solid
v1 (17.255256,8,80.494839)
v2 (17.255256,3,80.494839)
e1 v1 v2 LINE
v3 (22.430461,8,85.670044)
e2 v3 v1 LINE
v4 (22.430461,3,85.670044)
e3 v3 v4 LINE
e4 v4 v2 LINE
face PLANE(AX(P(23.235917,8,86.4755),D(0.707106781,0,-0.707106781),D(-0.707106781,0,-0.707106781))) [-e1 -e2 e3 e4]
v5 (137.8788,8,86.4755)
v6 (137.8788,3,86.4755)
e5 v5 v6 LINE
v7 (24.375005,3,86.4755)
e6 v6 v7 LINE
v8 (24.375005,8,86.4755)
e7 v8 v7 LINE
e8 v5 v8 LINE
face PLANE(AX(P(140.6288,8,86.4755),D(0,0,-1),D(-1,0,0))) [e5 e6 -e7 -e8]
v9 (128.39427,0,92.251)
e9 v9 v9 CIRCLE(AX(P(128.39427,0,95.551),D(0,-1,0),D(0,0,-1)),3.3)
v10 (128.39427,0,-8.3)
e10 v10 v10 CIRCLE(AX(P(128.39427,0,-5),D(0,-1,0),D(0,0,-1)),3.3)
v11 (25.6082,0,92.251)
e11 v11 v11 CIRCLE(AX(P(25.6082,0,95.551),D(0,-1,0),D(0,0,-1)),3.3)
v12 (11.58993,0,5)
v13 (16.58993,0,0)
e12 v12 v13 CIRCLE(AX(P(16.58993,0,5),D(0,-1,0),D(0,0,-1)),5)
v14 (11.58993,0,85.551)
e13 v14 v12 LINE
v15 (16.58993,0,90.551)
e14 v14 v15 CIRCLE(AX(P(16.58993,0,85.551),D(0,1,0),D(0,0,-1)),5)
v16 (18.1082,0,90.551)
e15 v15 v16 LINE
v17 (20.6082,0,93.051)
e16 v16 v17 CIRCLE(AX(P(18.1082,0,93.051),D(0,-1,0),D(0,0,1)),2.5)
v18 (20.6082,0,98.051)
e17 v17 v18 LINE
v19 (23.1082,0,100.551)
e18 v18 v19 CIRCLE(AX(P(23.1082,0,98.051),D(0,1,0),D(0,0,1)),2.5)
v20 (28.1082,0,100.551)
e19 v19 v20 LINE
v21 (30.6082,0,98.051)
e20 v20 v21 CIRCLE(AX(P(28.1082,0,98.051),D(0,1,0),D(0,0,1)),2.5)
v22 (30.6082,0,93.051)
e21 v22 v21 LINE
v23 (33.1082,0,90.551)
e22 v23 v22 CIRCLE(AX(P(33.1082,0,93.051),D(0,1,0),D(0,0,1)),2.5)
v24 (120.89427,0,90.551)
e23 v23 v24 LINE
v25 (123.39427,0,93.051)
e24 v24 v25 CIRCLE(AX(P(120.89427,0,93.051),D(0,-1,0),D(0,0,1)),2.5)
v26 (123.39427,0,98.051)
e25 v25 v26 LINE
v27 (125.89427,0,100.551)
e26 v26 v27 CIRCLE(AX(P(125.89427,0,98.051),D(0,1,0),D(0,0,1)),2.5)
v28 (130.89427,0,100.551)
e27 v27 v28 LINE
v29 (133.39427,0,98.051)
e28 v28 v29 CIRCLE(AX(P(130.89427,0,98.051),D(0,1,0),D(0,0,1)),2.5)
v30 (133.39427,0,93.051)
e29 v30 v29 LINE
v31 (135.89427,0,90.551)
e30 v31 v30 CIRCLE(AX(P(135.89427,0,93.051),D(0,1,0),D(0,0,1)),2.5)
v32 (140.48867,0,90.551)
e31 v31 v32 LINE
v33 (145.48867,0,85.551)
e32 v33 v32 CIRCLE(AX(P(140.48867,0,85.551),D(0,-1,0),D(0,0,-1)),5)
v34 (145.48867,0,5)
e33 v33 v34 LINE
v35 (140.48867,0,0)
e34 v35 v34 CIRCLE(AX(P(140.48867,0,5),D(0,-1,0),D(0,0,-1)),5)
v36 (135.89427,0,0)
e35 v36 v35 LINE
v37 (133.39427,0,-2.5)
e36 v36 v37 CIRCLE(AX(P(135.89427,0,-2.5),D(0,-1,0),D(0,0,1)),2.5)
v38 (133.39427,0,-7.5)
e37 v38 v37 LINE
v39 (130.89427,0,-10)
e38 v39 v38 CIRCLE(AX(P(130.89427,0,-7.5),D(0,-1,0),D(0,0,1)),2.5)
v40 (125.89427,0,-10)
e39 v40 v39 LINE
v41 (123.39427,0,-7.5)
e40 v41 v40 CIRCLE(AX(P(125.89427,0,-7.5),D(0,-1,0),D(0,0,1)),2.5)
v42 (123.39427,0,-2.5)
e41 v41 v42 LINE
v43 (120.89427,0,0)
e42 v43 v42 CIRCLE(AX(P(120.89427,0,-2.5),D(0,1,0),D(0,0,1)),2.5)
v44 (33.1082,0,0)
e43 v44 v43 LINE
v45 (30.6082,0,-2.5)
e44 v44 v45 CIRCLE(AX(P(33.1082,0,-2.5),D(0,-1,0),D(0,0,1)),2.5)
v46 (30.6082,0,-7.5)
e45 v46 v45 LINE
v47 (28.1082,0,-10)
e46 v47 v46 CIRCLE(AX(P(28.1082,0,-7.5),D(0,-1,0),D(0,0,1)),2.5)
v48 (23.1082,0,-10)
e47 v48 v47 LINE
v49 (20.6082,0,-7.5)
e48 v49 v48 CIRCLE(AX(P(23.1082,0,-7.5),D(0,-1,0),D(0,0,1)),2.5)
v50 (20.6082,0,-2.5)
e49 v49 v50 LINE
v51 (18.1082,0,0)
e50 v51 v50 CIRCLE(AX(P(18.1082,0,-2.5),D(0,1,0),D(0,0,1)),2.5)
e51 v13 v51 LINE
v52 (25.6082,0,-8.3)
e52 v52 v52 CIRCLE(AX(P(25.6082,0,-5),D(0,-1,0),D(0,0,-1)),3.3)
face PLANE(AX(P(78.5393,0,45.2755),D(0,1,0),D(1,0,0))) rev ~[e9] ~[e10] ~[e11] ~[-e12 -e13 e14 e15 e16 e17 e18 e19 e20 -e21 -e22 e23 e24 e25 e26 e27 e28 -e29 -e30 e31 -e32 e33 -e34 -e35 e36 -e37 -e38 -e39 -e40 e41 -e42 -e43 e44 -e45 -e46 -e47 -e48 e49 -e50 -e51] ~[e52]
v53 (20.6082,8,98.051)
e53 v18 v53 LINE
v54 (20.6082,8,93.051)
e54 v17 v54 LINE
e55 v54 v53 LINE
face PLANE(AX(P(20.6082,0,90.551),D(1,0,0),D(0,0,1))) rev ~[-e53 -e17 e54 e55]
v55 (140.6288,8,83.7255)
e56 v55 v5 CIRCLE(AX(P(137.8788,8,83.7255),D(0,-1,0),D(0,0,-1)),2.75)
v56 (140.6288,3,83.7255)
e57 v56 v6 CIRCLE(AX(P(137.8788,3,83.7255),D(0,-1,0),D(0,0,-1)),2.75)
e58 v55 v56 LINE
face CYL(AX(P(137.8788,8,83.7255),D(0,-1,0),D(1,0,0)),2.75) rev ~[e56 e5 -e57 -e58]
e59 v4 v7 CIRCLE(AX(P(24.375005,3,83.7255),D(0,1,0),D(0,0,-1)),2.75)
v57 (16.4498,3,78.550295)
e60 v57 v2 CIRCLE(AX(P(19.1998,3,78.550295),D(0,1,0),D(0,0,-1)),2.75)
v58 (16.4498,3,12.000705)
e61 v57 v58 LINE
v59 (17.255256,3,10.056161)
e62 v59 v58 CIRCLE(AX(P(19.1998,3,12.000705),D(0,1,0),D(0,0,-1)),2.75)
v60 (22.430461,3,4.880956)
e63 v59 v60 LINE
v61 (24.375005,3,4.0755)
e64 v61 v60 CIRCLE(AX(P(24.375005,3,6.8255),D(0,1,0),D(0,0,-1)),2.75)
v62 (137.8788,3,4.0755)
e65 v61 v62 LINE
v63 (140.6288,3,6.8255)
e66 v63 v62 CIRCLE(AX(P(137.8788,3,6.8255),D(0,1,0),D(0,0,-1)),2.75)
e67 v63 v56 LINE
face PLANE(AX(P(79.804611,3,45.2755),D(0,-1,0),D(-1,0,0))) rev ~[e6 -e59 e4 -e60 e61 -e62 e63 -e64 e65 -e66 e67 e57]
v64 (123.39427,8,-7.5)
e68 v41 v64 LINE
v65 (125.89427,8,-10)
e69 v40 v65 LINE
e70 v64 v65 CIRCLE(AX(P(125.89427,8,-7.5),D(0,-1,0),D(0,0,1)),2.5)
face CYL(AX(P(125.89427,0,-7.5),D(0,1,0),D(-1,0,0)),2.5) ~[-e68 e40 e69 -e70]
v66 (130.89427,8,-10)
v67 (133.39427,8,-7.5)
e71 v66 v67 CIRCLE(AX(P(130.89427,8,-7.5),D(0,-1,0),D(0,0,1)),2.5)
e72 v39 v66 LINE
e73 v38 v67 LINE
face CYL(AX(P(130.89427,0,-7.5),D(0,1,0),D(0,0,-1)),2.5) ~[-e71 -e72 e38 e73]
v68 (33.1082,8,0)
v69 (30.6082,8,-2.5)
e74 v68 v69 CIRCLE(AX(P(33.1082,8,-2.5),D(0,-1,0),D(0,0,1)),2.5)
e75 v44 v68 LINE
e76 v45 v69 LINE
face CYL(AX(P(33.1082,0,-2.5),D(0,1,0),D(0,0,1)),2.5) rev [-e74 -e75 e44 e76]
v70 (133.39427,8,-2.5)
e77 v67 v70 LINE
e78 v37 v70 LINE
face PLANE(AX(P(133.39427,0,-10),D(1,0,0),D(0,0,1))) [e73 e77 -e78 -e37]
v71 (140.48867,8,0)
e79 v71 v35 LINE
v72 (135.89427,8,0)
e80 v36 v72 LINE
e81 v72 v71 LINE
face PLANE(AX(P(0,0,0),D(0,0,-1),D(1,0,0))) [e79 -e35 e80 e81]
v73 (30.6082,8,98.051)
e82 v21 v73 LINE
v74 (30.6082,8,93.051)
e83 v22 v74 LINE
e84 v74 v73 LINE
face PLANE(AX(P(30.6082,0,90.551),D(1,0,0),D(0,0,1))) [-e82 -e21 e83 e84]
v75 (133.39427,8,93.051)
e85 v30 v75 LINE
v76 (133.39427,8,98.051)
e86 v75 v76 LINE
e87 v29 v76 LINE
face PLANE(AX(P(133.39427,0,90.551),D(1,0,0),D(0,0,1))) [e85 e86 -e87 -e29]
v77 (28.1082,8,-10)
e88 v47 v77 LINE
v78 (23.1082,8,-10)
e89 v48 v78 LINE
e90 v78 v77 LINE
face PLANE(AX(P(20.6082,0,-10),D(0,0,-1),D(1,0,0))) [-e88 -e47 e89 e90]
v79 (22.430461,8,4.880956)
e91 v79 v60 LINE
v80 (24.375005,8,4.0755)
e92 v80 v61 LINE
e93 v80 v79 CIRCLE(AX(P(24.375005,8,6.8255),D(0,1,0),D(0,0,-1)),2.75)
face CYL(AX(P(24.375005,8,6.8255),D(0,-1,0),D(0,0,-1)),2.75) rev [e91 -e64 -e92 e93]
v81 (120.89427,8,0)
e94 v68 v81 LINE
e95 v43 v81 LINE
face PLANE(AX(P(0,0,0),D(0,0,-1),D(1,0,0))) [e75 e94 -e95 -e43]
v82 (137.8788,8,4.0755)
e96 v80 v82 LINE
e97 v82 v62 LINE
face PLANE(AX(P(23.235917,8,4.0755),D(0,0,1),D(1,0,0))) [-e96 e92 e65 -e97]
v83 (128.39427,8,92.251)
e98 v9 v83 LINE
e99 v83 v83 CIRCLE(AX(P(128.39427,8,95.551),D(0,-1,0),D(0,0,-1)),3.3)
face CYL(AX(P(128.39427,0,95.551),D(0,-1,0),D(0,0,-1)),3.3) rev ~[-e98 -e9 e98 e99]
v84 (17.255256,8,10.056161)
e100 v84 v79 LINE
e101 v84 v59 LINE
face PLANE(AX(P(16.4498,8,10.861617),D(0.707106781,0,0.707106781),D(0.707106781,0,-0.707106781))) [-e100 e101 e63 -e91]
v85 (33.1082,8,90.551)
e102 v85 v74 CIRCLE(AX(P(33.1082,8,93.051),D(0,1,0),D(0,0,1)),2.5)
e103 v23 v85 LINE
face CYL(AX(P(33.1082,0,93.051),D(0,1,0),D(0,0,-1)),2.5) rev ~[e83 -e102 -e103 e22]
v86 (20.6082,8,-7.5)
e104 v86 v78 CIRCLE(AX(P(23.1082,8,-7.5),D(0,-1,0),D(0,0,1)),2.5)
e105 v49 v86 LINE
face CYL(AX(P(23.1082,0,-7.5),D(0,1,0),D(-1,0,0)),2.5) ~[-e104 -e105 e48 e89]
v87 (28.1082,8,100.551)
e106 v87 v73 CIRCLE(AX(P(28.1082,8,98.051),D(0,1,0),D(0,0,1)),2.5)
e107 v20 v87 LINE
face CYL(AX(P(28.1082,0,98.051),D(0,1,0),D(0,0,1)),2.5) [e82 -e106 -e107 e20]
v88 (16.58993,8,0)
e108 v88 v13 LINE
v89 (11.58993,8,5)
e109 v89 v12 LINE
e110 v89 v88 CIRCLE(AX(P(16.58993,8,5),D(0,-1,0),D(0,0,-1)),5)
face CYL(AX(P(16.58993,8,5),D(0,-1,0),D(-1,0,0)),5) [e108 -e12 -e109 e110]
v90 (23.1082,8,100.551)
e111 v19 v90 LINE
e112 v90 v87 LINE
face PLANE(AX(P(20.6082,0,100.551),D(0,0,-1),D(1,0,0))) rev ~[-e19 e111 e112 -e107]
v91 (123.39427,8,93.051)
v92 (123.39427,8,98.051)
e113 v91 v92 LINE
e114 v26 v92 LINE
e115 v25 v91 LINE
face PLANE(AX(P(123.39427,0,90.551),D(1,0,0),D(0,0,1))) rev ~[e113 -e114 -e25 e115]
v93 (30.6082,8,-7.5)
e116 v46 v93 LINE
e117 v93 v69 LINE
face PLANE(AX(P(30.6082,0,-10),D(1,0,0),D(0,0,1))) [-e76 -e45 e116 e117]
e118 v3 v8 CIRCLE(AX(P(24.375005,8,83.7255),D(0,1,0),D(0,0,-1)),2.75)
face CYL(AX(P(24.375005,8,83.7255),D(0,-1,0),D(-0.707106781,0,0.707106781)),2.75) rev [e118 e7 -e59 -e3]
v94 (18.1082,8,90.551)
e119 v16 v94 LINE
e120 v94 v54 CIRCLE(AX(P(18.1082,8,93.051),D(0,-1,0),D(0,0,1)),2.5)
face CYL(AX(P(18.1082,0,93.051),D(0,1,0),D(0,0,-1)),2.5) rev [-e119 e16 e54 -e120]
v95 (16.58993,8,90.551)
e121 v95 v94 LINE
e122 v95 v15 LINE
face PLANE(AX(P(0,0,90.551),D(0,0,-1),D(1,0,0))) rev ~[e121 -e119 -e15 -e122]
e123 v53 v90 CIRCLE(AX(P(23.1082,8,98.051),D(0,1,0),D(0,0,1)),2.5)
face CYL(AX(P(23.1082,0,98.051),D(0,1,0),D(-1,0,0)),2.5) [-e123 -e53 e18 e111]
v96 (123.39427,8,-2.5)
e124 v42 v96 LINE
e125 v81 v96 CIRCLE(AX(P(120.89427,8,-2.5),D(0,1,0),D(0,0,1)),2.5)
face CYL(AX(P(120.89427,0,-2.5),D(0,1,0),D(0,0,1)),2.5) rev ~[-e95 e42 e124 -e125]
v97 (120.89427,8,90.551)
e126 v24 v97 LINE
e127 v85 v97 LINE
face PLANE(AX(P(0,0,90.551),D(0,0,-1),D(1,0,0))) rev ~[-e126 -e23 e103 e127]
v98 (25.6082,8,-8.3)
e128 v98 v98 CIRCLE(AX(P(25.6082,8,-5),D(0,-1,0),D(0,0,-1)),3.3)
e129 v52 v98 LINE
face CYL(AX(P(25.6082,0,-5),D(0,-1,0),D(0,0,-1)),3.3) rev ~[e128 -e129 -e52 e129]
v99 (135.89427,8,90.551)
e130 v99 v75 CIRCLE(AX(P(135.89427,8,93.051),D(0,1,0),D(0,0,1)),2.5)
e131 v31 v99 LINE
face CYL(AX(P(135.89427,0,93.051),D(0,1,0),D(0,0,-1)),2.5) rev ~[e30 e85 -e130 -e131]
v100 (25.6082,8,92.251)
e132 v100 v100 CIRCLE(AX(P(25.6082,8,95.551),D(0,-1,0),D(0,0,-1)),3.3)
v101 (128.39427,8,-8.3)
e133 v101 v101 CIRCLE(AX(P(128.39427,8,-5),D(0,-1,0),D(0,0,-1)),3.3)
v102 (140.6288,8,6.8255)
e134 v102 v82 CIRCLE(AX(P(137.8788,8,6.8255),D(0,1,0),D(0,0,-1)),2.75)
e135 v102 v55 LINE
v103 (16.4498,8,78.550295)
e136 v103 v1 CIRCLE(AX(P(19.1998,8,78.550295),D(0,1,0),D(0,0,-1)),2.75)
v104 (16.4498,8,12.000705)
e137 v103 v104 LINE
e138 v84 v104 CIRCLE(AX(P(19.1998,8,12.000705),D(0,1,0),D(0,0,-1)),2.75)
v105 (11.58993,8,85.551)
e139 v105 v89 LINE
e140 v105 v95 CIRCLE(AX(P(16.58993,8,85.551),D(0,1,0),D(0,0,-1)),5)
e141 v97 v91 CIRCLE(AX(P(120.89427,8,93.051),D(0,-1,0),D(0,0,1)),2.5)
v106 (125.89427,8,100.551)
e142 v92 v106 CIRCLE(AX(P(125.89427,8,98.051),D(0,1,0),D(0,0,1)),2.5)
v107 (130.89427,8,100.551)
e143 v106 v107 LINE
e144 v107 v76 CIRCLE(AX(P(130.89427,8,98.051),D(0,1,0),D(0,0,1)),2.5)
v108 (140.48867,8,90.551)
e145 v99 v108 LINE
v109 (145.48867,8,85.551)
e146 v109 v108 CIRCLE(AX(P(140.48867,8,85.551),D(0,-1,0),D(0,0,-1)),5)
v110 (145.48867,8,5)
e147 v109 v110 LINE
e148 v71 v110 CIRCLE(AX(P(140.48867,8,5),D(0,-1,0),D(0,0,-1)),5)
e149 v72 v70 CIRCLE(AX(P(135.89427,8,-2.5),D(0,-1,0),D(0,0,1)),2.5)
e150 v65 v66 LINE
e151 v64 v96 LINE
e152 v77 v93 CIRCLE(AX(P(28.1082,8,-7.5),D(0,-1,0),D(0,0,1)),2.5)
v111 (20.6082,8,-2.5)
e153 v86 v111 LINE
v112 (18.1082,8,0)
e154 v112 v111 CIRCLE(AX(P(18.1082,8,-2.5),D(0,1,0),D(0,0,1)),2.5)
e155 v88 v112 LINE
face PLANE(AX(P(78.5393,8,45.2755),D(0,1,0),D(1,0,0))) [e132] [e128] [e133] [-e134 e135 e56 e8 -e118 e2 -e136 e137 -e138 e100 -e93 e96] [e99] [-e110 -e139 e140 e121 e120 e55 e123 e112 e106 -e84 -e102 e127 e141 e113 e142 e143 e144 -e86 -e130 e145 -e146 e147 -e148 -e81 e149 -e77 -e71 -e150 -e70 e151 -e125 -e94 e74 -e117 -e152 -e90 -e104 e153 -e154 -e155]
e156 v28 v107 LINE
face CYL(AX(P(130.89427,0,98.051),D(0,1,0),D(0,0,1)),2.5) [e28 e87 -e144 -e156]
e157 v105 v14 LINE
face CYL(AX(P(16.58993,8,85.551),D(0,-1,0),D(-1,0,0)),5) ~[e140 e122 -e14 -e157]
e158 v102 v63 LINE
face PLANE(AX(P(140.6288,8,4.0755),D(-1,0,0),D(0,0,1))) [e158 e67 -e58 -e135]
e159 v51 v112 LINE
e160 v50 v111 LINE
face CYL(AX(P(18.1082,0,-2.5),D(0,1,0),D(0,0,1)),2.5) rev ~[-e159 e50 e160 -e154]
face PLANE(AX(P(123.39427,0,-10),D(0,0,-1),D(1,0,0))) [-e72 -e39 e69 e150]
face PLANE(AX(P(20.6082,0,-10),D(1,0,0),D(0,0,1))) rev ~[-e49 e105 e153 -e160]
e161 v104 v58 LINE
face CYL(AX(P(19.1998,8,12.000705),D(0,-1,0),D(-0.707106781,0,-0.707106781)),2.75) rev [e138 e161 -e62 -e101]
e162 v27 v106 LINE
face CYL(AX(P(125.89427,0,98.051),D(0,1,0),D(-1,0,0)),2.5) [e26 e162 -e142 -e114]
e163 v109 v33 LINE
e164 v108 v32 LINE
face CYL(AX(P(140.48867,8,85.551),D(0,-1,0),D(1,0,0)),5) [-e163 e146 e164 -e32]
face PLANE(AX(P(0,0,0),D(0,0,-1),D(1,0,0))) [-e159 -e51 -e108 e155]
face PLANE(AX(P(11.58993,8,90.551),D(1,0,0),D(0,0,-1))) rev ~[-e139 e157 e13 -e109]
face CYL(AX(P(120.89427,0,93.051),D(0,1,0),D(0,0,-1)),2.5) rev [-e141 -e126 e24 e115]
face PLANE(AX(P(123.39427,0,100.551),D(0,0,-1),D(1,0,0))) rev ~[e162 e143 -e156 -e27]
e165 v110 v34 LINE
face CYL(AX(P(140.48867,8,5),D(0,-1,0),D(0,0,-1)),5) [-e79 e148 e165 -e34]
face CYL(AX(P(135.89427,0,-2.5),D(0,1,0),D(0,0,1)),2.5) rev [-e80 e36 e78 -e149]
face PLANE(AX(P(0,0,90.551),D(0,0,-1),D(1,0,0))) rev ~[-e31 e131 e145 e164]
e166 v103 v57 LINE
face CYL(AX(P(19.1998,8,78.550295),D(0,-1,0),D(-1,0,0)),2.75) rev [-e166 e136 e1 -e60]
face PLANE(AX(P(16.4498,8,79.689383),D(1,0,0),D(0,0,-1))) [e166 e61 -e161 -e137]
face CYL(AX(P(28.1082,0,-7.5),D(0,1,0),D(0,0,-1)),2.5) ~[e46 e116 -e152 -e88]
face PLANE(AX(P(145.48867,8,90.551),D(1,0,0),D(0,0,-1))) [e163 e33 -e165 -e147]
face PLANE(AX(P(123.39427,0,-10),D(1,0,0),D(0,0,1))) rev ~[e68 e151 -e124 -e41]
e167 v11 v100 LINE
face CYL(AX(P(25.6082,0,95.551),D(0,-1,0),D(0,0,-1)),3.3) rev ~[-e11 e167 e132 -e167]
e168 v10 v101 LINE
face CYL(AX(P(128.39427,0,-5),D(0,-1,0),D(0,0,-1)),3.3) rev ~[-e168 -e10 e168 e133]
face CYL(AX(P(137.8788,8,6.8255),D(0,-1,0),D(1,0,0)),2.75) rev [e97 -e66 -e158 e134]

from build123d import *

# Parameters (mm, degrees)
SKETCH1_W            = 157.0786
SKETCH1_H            = 90.551
BOSS_EXTRUDE1_DEPTH  = 8
CUT_EXTRUDE21_DEPTH  = 5
FILLET8_R            = 2.75
SKETCH29_W           = 11.58993
SKETCH29_H           = 90.551
CUT_EXTRUDE25_DEPTH  = 182.486005463
FILLET9_R            = 5
SKETCH36_W           = 10
SKETCH36_H           = 10
SKETCH36_R           = 3.3
BOSS_EXTRUDE10_DEPTH = 8
FILLET10_R           = 2.5


with BuildPart() as part:
    # Sketch1 → Boss-Extrude1 (new body)
    with BuildSketch(Plane(origin=(0, 0, 0), x_dir=(1, 0, 0), z_dir=(0, 1, 0))):
        with Locations((78.5393, -45.2755)):
            Rectangle(SKETCH1_W, SKETCH1_H)
    extrude(amount=BOSS_EXTRUDE1_DEPTH)

    # Sketch23 → Cut-Extrude21 (cut)
    with BuildSketch(Plane(origin=(0, 8, 0), x_dir=(1, 0, 0), z_dir=(0, 1, 0))):
        Polygon((140.6288, -86.4755), (23.2359173, -86.4755), (16.4498, -79.6893827), (16.4498, -10.8616173), (23.2359173, -4.0755), (140.6288, -4.0755), align=None)
    extrude(amount=-CUT_EXTRUDE21_DEPTH, mode=Mode.SUBTRACT)

    # Fillet8
    fillet8_edges = [part.edges().sort_by_distance(p)[0] for p in [
        (140.6288, 5.5, 4.0755),
        (140.6288, 5.5, 86.4755),
        (23.2359173, 5.5, 86.4755),
        (16.4498, 5.5, 79.6893827),
        (16.4498, 5.5, 10.8616173),
        (23.2359173, 5.5, 4.0755),
    ]]
    fillet(fillet8_edges, radius=FILLET8_R)

    # Sketch29 → Cut-Extrude25 (cut, through all)
    with BuildSketch(Plane(origin=(0, 8, 0), x_dir=(1, 0, 0), z_dir=(0, 1, 0))):
        with Locations((151.283635, -45.2755)):
            Rectangle(SKETCH29_W, SKETCH29_H)
        with Locations((5.794965, -45.2755)):
            Rectangle(SKETCH29_W, SKETCH29_H)
    extrude(amount=-CUT_EXTRUDE25_DEPTH, mode=Mode.SUBTRACT)

    # Fillet9
    fillet9_edges = [part.edges().sort_by_distance(p)[0] for p in [
        (145.48867, 4, 90.551),
        (145.48867, 4, 0),
        (11.58993, 4, 0),
        (11.58993, 4, 90.551),
    ]]
    fillet(fillet9_edges, radius=FILLET9_R)

    # Sketch36 → Boss-Extrude10 (add)
    # profile 1 of 4: a face of its own
    with BuildSketch(Plane.XZ):
        with Locations((25.6082, 95.551)):
            Rectangle(SKETCH36_W, SKETCH36_H)
        with Locations(Location((25.6082, 95.551, 0), (0, 0, 270))):
            Circle(SKETCH36_R, mode=Mode.SUBTRACT)
    # profile 2 of 4: a face of its own
    with BuildSketch(Plane.XZ):
        with Locations((128.3942697, 95.551)):
            Rectangle(SKETCH36_W, SKETCH36_H)
        with Locations(Location((128.3942697, 95.551, 0), (0, 0, 270))):
            Circle(SKETCH36_R, mode=Mode.SUBTRACT)
    # profile 3 of 4: a face of its own
    with BuildSketch(Plane.XZ):
        with Locations((25.6082, -5)):
            Rectangle(SKETCH36_W, SKETCH36_H)
        with Locations(Location((25.6082, -5, 0), (0, 0, 270))):
            Circle(SKETCH36_R, mode=Mode.SUBTRACT)
    # profile 4 of 4: a face of its own
    with BuildSketch(Plane.XZ):
        with Locations((128.3942697, -5)):
            Rectangle(SKETCH36_W, SKETCH36_H)
        with Locations(Location((128.3942697, -5, 0), (0, 0, 270))):
            Circle(SKETCH36_R, mode=Mode.SUBTRACT)
    extrude(amount=-BOSS_EXTRUDE10_DEPTH)

    # Fillet10
    fillet10_edges = [part.edges().sort_by_distance(p)[0] for p in [
        (20.6082, 4, 90.551),
        (20.6082, 4, 100.551),
        (30.6082, 4, 100.551),
        (30.6082, 4, 90.551),
        (123.3942697, 4, 90.551),
        (123.3942697, 4, 100.551),
        (133.3942697, 4, 100.551),
        (133.3942697, 4, 90.551),
        (30.6082, 4, 0),
        (30.6082, 4, -10),
        (20.6082, 4, -10),
        (20.6082, 4, 0),
        (123.3942697, 4, -10),
        (123.3942697, 4, 0),
        (133.3942697, 4, 0),
        (133.3942697, 4, -10),
    ]]
    fillet(fillet10_edges, radius=FILLET10_R)


solid = part.part
